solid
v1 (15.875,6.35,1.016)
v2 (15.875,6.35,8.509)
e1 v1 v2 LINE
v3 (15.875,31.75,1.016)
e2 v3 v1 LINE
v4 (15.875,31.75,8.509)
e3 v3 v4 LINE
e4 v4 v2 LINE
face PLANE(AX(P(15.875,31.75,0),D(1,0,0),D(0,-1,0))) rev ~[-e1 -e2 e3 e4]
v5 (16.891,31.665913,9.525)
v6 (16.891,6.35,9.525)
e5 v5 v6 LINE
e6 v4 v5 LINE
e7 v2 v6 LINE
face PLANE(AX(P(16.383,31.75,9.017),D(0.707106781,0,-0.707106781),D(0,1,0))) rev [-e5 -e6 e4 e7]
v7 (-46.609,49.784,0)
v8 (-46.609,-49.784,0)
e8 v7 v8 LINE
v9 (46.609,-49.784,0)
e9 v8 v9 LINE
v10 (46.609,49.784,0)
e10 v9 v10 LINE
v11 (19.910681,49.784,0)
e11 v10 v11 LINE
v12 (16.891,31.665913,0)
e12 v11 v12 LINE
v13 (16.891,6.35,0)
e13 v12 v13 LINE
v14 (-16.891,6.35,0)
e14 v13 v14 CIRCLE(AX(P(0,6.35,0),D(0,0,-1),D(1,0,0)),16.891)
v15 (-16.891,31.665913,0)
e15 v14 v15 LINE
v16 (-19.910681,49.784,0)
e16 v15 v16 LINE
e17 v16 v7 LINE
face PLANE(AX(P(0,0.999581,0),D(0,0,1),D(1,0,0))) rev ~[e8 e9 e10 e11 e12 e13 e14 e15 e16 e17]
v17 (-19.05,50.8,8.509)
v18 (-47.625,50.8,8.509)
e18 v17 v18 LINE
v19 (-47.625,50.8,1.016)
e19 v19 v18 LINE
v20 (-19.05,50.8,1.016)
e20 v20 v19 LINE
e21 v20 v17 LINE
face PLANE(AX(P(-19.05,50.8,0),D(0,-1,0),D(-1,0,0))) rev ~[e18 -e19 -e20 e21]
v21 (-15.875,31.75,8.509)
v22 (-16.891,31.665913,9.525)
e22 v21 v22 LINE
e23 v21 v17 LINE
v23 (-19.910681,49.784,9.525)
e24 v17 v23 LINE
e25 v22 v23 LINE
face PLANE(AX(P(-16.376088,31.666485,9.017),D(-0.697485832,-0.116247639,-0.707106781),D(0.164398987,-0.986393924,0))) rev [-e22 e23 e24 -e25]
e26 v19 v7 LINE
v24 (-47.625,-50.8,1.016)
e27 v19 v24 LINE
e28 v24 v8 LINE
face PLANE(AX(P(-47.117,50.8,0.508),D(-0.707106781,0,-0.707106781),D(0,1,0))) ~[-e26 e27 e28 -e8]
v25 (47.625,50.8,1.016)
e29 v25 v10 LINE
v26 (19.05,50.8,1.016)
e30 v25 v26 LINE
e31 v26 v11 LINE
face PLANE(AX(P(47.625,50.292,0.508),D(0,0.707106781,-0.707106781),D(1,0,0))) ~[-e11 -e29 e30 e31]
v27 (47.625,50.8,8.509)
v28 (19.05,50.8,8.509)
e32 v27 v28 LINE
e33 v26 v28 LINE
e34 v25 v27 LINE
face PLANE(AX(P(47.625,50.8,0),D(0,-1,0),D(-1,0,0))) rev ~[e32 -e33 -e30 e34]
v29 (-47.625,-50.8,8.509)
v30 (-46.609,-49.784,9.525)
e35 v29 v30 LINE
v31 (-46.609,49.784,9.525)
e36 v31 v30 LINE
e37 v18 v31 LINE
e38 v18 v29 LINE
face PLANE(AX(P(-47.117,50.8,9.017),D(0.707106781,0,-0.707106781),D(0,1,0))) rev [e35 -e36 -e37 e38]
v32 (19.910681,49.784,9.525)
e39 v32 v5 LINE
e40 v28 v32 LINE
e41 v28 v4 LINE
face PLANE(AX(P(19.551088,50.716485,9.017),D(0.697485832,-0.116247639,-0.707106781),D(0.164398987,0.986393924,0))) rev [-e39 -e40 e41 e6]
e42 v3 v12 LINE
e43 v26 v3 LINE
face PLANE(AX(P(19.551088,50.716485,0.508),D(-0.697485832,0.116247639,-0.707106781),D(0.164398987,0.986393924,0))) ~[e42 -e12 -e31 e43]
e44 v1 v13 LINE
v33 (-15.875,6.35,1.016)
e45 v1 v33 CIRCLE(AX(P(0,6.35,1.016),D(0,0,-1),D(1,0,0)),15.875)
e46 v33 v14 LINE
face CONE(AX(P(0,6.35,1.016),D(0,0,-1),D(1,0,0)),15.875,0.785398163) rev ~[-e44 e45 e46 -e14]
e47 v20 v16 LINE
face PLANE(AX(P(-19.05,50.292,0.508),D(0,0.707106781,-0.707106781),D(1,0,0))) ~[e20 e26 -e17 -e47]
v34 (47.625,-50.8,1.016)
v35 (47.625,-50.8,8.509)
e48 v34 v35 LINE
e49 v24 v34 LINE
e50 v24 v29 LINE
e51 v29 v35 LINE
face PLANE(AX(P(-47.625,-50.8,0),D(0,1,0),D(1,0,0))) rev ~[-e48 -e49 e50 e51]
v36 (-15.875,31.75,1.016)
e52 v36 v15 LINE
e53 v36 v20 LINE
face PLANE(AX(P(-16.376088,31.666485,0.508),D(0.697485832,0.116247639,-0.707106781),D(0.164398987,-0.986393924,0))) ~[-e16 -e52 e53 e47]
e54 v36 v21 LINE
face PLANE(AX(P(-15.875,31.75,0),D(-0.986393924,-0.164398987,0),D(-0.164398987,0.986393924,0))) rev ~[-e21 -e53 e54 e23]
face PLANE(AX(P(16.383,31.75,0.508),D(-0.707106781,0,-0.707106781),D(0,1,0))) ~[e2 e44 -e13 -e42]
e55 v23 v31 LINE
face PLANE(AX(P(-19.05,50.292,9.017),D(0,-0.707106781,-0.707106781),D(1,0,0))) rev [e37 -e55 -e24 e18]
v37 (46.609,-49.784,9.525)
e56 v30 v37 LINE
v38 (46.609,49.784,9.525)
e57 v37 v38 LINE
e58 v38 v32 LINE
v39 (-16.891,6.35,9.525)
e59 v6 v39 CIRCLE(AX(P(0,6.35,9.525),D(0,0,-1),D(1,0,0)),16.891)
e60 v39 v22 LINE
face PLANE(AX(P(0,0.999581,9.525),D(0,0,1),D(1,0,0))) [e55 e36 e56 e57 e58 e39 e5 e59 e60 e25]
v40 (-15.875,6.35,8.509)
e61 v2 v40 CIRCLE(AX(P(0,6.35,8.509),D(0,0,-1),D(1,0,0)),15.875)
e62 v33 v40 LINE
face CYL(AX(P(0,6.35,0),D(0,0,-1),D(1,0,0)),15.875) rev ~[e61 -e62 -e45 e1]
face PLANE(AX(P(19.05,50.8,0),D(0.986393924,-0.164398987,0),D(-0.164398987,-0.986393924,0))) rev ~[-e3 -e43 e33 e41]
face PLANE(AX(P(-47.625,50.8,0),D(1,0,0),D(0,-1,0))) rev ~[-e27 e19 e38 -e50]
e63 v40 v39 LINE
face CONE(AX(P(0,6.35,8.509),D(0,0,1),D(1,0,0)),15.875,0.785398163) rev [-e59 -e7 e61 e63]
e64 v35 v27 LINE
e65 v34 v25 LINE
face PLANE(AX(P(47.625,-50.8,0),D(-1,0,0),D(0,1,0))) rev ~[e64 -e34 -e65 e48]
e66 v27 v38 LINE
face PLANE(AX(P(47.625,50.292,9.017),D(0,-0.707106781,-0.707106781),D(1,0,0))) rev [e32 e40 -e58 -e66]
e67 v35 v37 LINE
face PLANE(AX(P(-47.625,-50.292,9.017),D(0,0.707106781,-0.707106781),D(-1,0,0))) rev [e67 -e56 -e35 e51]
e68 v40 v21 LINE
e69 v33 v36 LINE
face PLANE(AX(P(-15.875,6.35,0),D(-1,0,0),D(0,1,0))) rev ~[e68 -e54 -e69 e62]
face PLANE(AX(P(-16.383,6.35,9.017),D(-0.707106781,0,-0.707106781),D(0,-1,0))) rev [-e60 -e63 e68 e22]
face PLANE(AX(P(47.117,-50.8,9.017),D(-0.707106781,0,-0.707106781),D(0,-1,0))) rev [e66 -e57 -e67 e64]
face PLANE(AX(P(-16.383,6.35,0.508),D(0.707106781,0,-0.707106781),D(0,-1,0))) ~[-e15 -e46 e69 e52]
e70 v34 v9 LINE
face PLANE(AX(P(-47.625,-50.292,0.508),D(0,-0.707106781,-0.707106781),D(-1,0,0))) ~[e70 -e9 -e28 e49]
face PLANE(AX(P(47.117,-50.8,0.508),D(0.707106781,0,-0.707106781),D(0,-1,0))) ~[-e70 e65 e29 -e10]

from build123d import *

# Parameters (mm, degrees)
F1_DEPTH = 9.525
F2_SIZE  = 1.016


with BuildPart() as f1:
    # F0 (on Top) → F1 (new body)
    with BuildSketch(Plane.XY):
        with BuildLine():
            Line((-19.05, 50.8), (-47.625, 50.8))
            Line((-47.625, 50.8), (-47.625, -50.8))
            Line((-47.625, -50.8), (47.625, -50.8))
            Line((47.625, -50.8), (47.625, 50.8))
            Line((47.625, 50.8), (19.05, 50.8))
            Line((19.05, 50.8), (15.875, 31.75))
            Line((15.875, 31.75), (15.875, 6.35))
            ThreePointArc((15.875, 6.35), (0, -9.525), (-15.875, 6.35))
            Line((-15.875, 6.35), (-15.875, 31.75))
            Line((-15.875, 31.75), (-19.05, 50.8))
        make_face()
    extrude(amount=F1_DEPTH)

    # F2
    f2_edges = [f1.edges().sort_by_distance(p)[0] for p in [
        (-33.3375, 50.8, 9.525),
        (-47.625, 0, 9.525),
        (0, -50.8, 9.525),
        (47.625, 0, 9.525),
        (33.3375, 50.8, 9.525),
        (17.4625, 41.275, 9.525),
        (15.875, 19.05, 9.525),
        (0, -9.525, 9.525),
        (-15.875, 19.05, 9.525),
        (-17.4625, 41.275, 9.525),
        (-33.3375, 50.8, 0),
        (-47.625, 0, 0),
        (0, -50.8, 0),
        (47.625, 0, 0),
        (33.3375, 50.8, 0),
        (17.4625, 41.275, 0),
        (15.875, 19.05, 0),
        (0, -9.525, 0),
        (-15.875, 19.05, 0),
        (-17.4625, 41.275, 0),
    ]]
    chamfer(f2_edges, length=F2_SIZE)


solid = f1.part
